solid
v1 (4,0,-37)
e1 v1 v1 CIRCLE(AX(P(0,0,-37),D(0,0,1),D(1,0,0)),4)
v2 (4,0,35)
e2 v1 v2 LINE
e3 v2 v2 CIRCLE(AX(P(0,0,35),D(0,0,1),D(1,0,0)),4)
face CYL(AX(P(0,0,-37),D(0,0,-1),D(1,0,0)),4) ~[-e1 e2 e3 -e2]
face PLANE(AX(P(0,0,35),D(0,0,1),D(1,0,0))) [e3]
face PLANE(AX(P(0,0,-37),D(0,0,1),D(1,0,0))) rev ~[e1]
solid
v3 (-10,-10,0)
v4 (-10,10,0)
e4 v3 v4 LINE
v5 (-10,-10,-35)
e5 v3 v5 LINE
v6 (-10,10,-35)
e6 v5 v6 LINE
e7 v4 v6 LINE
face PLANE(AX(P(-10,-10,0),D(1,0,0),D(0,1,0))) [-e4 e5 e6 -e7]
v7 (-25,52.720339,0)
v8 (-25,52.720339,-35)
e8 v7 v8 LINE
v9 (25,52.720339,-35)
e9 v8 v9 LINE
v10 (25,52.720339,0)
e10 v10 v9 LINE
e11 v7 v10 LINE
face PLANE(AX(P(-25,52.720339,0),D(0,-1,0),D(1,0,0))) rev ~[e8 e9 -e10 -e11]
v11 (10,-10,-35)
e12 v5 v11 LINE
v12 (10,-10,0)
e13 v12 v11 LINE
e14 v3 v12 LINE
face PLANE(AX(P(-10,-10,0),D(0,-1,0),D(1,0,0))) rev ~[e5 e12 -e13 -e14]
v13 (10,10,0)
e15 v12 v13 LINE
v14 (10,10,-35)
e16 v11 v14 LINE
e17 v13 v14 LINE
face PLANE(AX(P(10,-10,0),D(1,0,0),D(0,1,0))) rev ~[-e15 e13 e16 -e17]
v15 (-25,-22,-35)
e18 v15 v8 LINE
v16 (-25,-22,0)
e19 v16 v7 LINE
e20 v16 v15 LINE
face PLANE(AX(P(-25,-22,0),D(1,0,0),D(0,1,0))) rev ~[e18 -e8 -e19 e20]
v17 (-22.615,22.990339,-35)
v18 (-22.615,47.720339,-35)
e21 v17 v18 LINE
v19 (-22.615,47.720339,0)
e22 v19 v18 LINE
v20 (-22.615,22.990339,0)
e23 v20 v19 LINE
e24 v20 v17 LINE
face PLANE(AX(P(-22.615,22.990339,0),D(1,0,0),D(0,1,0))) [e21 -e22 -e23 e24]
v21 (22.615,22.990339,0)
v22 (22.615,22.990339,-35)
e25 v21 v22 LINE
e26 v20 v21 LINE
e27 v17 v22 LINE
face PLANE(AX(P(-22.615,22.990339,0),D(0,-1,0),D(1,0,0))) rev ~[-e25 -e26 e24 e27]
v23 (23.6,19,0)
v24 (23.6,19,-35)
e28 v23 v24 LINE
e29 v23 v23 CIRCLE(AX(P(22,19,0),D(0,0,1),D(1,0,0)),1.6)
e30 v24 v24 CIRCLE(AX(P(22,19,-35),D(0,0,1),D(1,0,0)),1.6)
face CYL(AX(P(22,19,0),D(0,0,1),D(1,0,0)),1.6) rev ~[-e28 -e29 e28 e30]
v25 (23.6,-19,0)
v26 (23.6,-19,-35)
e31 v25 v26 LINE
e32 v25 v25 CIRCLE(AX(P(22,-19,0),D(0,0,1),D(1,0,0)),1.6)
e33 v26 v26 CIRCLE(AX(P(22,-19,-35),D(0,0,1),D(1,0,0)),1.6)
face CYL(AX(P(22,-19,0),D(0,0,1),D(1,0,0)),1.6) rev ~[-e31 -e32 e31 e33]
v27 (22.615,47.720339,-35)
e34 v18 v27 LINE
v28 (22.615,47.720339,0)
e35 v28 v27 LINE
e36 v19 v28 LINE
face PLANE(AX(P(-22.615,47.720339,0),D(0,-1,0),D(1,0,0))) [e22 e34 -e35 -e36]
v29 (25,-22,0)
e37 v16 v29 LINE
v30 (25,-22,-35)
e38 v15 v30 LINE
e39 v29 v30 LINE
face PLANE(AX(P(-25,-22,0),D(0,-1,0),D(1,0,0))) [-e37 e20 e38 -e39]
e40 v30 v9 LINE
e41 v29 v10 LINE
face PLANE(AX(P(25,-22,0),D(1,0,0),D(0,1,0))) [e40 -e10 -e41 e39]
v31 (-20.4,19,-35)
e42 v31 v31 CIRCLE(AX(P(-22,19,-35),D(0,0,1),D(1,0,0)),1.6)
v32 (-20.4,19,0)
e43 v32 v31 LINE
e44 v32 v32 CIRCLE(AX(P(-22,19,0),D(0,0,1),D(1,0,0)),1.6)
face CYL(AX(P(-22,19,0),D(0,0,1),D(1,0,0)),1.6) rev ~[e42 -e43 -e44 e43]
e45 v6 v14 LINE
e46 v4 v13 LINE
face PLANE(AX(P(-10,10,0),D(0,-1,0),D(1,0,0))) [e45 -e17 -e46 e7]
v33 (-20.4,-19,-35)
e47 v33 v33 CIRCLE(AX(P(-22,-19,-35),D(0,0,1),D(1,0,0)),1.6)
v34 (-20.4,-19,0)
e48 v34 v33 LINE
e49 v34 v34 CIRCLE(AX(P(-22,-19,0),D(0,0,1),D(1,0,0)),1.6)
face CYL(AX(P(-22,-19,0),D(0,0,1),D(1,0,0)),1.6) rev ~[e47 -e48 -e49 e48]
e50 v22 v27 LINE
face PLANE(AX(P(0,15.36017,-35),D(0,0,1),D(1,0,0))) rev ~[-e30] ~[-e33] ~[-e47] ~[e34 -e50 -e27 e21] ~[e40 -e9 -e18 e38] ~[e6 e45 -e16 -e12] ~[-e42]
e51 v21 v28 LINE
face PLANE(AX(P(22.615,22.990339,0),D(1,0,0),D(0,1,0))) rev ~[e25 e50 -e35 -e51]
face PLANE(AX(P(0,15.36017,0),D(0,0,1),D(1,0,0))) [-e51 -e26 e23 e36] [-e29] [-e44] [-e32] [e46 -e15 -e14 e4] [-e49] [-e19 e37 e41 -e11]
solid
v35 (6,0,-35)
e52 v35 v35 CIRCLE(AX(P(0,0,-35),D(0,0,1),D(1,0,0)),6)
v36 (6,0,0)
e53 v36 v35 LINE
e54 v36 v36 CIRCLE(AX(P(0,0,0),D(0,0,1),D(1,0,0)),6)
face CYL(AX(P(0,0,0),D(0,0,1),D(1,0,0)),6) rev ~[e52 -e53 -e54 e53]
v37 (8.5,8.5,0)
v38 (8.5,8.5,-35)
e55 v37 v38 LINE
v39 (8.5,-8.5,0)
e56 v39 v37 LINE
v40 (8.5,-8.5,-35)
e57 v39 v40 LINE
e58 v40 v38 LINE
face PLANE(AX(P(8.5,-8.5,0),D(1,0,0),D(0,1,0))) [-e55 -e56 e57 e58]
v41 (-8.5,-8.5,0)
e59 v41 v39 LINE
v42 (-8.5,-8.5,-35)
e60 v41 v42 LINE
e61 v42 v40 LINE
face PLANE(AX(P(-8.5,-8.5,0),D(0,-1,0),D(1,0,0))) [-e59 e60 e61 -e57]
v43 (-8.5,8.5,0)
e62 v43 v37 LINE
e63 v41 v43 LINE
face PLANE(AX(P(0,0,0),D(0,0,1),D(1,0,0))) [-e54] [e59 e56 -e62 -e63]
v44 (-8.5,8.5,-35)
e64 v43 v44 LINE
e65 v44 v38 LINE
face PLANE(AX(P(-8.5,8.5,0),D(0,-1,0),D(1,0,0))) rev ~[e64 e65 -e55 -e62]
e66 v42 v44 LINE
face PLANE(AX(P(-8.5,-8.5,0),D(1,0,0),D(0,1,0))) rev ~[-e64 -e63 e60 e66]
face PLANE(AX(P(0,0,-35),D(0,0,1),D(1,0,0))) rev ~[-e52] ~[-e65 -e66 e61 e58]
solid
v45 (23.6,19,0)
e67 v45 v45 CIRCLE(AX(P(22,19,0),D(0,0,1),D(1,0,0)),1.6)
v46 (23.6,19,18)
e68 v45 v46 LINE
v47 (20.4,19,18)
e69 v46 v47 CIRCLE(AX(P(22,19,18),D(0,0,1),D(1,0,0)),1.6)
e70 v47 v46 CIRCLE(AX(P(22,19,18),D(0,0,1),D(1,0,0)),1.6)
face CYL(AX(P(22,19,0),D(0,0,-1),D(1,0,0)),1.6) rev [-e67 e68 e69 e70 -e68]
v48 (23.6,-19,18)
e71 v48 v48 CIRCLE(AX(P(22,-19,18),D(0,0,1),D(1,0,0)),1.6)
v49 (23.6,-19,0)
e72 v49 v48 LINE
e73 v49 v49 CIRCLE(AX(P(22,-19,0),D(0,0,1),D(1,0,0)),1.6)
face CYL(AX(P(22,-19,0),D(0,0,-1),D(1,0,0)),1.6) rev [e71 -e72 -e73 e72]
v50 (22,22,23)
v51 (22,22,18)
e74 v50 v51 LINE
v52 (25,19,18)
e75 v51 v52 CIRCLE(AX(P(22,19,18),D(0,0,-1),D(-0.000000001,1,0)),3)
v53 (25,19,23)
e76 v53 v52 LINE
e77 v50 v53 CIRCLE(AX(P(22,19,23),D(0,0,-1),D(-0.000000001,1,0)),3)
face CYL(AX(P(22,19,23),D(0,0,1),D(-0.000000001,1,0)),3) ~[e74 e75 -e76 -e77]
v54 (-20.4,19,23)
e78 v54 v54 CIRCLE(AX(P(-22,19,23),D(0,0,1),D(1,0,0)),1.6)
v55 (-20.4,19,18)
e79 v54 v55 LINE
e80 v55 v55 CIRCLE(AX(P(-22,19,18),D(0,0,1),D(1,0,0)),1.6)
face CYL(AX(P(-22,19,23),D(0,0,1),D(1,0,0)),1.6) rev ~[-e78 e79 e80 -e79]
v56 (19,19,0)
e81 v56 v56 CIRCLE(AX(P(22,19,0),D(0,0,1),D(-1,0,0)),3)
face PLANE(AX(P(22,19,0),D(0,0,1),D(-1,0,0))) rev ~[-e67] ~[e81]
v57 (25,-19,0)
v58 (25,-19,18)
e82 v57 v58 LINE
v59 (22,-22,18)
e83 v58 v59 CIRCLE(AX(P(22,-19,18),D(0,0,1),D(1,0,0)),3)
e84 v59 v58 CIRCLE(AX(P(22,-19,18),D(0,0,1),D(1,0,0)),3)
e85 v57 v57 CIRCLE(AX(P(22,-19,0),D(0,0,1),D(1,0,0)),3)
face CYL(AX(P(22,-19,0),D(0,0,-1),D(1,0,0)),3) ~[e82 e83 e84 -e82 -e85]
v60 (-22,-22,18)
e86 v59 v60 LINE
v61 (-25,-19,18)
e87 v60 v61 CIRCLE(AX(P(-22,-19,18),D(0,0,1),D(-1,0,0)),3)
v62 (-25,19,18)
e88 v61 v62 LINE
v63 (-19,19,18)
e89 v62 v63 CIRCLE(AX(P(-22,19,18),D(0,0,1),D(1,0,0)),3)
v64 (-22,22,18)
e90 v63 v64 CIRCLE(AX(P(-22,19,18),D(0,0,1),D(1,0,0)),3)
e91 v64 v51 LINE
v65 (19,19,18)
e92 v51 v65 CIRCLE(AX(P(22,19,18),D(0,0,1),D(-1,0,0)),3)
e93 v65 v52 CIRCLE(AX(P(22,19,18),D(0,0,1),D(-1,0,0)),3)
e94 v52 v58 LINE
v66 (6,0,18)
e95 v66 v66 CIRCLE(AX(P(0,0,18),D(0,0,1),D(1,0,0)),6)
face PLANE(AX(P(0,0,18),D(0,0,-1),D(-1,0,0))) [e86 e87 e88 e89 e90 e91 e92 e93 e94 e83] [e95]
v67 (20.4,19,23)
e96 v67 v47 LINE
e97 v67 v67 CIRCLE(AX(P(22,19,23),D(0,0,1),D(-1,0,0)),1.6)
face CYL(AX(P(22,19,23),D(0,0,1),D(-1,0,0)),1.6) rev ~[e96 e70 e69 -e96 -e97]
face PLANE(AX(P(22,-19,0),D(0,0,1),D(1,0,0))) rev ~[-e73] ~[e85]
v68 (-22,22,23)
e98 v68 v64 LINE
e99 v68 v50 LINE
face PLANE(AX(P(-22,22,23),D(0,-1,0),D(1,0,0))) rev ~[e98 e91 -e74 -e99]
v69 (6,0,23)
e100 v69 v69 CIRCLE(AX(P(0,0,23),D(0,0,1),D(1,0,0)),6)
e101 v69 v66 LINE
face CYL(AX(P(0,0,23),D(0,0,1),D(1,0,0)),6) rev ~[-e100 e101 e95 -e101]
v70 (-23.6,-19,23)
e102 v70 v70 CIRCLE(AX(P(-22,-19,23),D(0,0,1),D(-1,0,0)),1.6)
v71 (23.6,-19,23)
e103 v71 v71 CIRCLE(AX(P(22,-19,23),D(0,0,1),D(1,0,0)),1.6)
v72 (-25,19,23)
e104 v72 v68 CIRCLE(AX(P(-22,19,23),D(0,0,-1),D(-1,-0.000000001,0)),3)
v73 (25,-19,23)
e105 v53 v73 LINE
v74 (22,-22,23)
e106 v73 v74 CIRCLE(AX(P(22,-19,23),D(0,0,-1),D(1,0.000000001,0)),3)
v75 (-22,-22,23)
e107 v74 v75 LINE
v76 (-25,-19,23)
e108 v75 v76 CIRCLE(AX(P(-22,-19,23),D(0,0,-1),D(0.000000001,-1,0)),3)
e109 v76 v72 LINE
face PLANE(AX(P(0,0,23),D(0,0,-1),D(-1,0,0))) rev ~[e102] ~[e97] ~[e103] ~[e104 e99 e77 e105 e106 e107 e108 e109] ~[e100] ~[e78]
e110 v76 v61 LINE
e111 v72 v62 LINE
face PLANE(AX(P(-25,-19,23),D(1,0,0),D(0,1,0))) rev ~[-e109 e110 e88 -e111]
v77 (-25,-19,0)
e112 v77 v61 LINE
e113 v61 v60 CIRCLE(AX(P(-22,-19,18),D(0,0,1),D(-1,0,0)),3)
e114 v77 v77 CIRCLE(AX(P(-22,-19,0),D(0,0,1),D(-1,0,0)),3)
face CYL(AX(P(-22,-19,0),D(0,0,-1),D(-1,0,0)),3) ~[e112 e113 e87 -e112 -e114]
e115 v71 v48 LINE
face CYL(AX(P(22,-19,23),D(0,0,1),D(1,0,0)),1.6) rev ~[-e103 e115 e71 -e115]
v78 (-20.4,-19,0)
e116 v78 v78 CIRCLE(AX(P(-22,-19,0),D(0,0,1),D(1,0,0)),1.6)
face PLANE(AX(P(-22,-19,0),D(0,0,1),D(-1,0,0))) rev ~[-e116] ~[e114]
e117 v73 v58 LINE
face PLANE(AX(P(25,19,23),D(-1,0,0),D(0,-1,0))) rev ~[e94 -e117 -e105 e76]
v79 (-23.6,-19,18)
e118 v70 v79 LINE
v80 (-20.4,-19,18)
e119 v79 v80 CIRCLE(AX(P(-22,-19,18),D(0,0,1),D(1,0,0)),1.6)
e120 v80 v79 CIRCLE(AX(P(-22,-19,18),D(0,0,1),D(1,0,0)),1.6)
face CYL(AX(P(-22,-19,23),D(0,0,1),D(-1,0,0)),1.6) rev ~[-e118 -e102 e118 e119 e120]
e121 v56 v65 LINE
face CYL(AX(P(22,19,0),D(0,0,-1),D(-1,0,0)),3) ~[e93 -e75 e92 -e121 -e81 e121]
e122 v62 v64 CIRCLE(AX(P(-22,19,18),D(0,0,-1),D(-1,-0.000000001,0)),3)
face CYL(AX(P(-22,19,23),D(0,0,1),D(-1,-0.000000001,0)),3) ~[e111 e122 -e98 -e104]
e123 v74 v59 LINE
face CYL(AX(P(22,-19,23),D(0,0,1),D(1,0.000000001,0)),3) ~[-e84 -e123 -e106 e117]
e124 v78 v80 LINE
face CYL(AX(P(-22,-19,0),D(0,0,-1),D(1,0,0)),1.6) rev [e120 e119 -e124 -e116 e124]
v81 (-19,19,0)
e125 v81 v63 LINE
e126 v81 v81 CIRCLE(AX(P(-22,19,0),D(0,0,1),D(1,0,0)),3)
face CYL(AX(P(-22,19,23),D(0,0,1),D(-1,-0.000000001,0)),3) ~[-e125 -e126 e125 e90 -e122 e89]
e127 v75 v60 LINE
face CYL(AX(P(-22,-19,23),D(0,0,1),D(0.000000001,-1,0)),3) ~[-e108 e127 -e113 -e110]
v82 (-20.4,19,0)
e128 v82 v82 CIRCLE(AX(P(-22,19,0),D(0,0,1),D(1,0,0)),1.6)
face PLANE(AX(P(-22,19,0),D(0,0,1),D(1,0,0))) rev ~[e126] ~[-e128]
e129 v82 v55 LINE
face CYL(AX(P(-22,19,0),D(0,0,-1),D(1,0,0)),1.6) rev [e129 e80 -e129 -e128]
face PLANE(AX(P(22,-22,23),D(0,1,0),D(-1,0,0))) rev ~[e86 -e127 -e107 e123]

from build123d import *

# Parameters (mm, degrees)
SKETCH_2_W           = 50
SKETCH_2_H           = 74.720339059
SKETCH_2_R           = 1.6
SKETCH_2_W_2         = 20
SKETCH_2_H_2         = 20
SKETCH_2_W_3         = 45.23
SKETCH_2_H_3         = 24.73
EXTRUDE_1_DEPTH      = 35
SKETCH_2_W_4         = 17
SKETCH_2_H_4         = 17
SKETCH_2_R_2         = 6
EXTRUDE_1_2_DEPTH    = 35
EXTRUDE_2_DEPTH      = 35
EXTRUDE_2_DEPTH_BACK = 37
SKETCH_3_R           = 4
SKETCH_6_R           = 3
SKETCH_6_R_2         = 1.6
EXTRUDE_3_DEPTH      = 18
EXTRUDE_3_2_DEPTH    = 18
EXTRUDE_3_3_DEPTH    = 18
EXTRUDE_3_4_DEPTH    = 18
EXTRUDE_START        = 5
SKETCH_7_R           = 1.6
SKETCH_7_R_2         = 6
EXTRUDE_4_DEPTH      = 5


with BuildPart() as part:
    # ｽｹｯﾁ2 → ﾎﾞｽ - 押し出し1 (new body)
    with BuildSketch(Plane.XY):
        with Locations((0, 15.36016953)):
            Rectangle(SKETCH_2_W, SKETCH_2_H)
        with Locations((-22, 19)):
            Circle(SKETCH_2_R, mode=Mode.SUBTRACT)
        with Locations((-22, -19)):
            Circle(SKETCH_2_R, mode=Mode.SUBTRACT)
        with Locations((22, -19)):
            Circle(SKETCH_2_R, mode=Mode.SUBTRACT)
        with Locations((22, 19)):
            Circle(SKETCH_2_R, mode=Mode.SUBTRACT)
        Rectangle(SKETCH_2_W_2, SKETCH_2_H_2, mode=Mode.SUBTRACT)
        with Locations((0, 35.355339059)):
            Rectangle(SKETCH_2_W_3, SKETCH_2_H_3, mode=Mode.SUBTRACT)
    extrude(amount=-EXTRUDE_1_DEPTH)


with BuildPart() as body_2:
    # ｽｹｯﾁ2 → Extrude 1 2 (new body)
    with BuildSketch(Plane.XY):
        Rectangle(SKETCH_2_W_4, SKETCH_2_H_4)
        Circle(SKETCH_2_R_2, mode=Mode.SUBTRACT)
    extrude(amount=-EXTRUDE_1_2_DEPTH)


with BuildPart() as body_3:
    # ｽｹｯﾁ3 → ﾎﾞｽ - 押し出し2 (new, two sides: drawn at the far end of the back side and taken through both)
    with BuildSketch(Plane.XY.offset(-EXTRUDE_2_DEPTH_BACK)):
        Circle(SKETCH_3_R)
    extrude(amount=EXTRUDE_2_DEPTH + EXTRUDE_2_DEPTH_BACK)


with BuildPart() as body_4:
    # ｽｹｯﾁ6 → ﾎﾞｽ - 押し出し3 (new body)
    with BuildSketch(Plane.XY):
        with Locations((-22, 19)):
            Circle(SKETCH_6_R)
        with Locations((-22, 19)):
            Circle(SKETCH_6_R_2, mode=Mode.SUBTRACT)
    extrude(amount=EXTRUDE_3_DEPTH)



with BuildPart() as body_5:
    # ｽｹｯﾁ6 → Extrude 3 2 (new body)
    with BuildSketch(Plane.XY):
        with Locations(Location((-22, -19, 0), (0, 0, 180))):
            Circle(SKETCH_6_R)
        with Locations((-22, -19)):
            Circle(SKETCH_6_R_2, mode=Mode.SUBTRACT)
    extrude(amount=EXTRUDE_3_2_DEPTH)


with BuildPart() as body_6:
    # ｽｹｯﾁ6 → Extrude 3 3 (new body)
    with BuildSketch(Plane.XY):
        with Locations((22, -19)):
            Circle(SKETCH_6_R)
        with Locations((22, -19)):
            Circle(SKETCH_6_R_2, mode=Mode.SUBTRACT)
    extrude(amount=EXTRUDE_3_3_DEPTH)


with BuildPart() as body_7:
    # ｽｹｯﾁ6 → Extrude 3 4 (new body)
    with BuildSketch(Plane.XY):
        with Locations(Location((22, 19, 0), (0, 0, 180))):
            Circle(SKETCH_6_R)
        with Locations((22, 19)):
            Circle(SKETCH_6_R_2, mode=Mode.SUBTRACT)
    extrude(amount=EXTRUDE_3_4_DEPTH)


with BuildPart() as body_4_1:
    add(body_4.part)

    add(body_5.part)  # ﾎﾞｽ - 押し出し4 merges body 5

    add(body_6.part)  # ﾎﾞｽ - 押し出し4 merges body 6

    add(body_7.part)  # ﾎﾞｽ - 押し出し4 merges body 7
    # ｽｹｯﾁ7 → ﾎﾞｽ - 押し出し4 (add)
    with BuildSketch(Plane.XY.offset(18).offset(EXTRUDE_START)):
        with BuildLine():
            Line((-22, 22), (22, 22))
            ThreePointArc((22, 22), (24.121320344, 21.121320344), (25, 19))
            Line((25, 19), (25, -19))
            ThreePointArc((25, -19), (24.121320344, -21.121320344), (22, -22))
            Line((22, -22), (-22, -22))
            ThreePointArc((-22, -22), (-24.121320344, -21.121320344), (-25, -19))
            Line((-25, -19), (-25, 19))
            ThreePointArc((-25, 19), (-24.121320344, 21.121320344), (-22, 22))
        make_face()
        with Locations(Location((-22, -19, 0), (0, 0, 180))):
            Circle(SKETCH_7_R, mode=Mode.SUBTRACT)
        with Locations((22, -19)):
            Circle(SKETCH_7_R, mode=Mode.SUBTRACT)
        with Locations(Location((22, 19, 0), (0, 0, 180))):
            Circle(SKETCH_7_R, mode=Mode.SUBTRACT)
        with Locations((-22, 19)):
            Circle(SKETCH_7_R, mode=Mode.SUBTRACT)
        Circle(SKETCH_7_R_2, mode=Mode.SUBTRACT)
    extrude(amount=-EXTRUDE_4_DEPTH)


solid = Compound([part.part, body_2.part, body_3.part, body_4_1.part])
